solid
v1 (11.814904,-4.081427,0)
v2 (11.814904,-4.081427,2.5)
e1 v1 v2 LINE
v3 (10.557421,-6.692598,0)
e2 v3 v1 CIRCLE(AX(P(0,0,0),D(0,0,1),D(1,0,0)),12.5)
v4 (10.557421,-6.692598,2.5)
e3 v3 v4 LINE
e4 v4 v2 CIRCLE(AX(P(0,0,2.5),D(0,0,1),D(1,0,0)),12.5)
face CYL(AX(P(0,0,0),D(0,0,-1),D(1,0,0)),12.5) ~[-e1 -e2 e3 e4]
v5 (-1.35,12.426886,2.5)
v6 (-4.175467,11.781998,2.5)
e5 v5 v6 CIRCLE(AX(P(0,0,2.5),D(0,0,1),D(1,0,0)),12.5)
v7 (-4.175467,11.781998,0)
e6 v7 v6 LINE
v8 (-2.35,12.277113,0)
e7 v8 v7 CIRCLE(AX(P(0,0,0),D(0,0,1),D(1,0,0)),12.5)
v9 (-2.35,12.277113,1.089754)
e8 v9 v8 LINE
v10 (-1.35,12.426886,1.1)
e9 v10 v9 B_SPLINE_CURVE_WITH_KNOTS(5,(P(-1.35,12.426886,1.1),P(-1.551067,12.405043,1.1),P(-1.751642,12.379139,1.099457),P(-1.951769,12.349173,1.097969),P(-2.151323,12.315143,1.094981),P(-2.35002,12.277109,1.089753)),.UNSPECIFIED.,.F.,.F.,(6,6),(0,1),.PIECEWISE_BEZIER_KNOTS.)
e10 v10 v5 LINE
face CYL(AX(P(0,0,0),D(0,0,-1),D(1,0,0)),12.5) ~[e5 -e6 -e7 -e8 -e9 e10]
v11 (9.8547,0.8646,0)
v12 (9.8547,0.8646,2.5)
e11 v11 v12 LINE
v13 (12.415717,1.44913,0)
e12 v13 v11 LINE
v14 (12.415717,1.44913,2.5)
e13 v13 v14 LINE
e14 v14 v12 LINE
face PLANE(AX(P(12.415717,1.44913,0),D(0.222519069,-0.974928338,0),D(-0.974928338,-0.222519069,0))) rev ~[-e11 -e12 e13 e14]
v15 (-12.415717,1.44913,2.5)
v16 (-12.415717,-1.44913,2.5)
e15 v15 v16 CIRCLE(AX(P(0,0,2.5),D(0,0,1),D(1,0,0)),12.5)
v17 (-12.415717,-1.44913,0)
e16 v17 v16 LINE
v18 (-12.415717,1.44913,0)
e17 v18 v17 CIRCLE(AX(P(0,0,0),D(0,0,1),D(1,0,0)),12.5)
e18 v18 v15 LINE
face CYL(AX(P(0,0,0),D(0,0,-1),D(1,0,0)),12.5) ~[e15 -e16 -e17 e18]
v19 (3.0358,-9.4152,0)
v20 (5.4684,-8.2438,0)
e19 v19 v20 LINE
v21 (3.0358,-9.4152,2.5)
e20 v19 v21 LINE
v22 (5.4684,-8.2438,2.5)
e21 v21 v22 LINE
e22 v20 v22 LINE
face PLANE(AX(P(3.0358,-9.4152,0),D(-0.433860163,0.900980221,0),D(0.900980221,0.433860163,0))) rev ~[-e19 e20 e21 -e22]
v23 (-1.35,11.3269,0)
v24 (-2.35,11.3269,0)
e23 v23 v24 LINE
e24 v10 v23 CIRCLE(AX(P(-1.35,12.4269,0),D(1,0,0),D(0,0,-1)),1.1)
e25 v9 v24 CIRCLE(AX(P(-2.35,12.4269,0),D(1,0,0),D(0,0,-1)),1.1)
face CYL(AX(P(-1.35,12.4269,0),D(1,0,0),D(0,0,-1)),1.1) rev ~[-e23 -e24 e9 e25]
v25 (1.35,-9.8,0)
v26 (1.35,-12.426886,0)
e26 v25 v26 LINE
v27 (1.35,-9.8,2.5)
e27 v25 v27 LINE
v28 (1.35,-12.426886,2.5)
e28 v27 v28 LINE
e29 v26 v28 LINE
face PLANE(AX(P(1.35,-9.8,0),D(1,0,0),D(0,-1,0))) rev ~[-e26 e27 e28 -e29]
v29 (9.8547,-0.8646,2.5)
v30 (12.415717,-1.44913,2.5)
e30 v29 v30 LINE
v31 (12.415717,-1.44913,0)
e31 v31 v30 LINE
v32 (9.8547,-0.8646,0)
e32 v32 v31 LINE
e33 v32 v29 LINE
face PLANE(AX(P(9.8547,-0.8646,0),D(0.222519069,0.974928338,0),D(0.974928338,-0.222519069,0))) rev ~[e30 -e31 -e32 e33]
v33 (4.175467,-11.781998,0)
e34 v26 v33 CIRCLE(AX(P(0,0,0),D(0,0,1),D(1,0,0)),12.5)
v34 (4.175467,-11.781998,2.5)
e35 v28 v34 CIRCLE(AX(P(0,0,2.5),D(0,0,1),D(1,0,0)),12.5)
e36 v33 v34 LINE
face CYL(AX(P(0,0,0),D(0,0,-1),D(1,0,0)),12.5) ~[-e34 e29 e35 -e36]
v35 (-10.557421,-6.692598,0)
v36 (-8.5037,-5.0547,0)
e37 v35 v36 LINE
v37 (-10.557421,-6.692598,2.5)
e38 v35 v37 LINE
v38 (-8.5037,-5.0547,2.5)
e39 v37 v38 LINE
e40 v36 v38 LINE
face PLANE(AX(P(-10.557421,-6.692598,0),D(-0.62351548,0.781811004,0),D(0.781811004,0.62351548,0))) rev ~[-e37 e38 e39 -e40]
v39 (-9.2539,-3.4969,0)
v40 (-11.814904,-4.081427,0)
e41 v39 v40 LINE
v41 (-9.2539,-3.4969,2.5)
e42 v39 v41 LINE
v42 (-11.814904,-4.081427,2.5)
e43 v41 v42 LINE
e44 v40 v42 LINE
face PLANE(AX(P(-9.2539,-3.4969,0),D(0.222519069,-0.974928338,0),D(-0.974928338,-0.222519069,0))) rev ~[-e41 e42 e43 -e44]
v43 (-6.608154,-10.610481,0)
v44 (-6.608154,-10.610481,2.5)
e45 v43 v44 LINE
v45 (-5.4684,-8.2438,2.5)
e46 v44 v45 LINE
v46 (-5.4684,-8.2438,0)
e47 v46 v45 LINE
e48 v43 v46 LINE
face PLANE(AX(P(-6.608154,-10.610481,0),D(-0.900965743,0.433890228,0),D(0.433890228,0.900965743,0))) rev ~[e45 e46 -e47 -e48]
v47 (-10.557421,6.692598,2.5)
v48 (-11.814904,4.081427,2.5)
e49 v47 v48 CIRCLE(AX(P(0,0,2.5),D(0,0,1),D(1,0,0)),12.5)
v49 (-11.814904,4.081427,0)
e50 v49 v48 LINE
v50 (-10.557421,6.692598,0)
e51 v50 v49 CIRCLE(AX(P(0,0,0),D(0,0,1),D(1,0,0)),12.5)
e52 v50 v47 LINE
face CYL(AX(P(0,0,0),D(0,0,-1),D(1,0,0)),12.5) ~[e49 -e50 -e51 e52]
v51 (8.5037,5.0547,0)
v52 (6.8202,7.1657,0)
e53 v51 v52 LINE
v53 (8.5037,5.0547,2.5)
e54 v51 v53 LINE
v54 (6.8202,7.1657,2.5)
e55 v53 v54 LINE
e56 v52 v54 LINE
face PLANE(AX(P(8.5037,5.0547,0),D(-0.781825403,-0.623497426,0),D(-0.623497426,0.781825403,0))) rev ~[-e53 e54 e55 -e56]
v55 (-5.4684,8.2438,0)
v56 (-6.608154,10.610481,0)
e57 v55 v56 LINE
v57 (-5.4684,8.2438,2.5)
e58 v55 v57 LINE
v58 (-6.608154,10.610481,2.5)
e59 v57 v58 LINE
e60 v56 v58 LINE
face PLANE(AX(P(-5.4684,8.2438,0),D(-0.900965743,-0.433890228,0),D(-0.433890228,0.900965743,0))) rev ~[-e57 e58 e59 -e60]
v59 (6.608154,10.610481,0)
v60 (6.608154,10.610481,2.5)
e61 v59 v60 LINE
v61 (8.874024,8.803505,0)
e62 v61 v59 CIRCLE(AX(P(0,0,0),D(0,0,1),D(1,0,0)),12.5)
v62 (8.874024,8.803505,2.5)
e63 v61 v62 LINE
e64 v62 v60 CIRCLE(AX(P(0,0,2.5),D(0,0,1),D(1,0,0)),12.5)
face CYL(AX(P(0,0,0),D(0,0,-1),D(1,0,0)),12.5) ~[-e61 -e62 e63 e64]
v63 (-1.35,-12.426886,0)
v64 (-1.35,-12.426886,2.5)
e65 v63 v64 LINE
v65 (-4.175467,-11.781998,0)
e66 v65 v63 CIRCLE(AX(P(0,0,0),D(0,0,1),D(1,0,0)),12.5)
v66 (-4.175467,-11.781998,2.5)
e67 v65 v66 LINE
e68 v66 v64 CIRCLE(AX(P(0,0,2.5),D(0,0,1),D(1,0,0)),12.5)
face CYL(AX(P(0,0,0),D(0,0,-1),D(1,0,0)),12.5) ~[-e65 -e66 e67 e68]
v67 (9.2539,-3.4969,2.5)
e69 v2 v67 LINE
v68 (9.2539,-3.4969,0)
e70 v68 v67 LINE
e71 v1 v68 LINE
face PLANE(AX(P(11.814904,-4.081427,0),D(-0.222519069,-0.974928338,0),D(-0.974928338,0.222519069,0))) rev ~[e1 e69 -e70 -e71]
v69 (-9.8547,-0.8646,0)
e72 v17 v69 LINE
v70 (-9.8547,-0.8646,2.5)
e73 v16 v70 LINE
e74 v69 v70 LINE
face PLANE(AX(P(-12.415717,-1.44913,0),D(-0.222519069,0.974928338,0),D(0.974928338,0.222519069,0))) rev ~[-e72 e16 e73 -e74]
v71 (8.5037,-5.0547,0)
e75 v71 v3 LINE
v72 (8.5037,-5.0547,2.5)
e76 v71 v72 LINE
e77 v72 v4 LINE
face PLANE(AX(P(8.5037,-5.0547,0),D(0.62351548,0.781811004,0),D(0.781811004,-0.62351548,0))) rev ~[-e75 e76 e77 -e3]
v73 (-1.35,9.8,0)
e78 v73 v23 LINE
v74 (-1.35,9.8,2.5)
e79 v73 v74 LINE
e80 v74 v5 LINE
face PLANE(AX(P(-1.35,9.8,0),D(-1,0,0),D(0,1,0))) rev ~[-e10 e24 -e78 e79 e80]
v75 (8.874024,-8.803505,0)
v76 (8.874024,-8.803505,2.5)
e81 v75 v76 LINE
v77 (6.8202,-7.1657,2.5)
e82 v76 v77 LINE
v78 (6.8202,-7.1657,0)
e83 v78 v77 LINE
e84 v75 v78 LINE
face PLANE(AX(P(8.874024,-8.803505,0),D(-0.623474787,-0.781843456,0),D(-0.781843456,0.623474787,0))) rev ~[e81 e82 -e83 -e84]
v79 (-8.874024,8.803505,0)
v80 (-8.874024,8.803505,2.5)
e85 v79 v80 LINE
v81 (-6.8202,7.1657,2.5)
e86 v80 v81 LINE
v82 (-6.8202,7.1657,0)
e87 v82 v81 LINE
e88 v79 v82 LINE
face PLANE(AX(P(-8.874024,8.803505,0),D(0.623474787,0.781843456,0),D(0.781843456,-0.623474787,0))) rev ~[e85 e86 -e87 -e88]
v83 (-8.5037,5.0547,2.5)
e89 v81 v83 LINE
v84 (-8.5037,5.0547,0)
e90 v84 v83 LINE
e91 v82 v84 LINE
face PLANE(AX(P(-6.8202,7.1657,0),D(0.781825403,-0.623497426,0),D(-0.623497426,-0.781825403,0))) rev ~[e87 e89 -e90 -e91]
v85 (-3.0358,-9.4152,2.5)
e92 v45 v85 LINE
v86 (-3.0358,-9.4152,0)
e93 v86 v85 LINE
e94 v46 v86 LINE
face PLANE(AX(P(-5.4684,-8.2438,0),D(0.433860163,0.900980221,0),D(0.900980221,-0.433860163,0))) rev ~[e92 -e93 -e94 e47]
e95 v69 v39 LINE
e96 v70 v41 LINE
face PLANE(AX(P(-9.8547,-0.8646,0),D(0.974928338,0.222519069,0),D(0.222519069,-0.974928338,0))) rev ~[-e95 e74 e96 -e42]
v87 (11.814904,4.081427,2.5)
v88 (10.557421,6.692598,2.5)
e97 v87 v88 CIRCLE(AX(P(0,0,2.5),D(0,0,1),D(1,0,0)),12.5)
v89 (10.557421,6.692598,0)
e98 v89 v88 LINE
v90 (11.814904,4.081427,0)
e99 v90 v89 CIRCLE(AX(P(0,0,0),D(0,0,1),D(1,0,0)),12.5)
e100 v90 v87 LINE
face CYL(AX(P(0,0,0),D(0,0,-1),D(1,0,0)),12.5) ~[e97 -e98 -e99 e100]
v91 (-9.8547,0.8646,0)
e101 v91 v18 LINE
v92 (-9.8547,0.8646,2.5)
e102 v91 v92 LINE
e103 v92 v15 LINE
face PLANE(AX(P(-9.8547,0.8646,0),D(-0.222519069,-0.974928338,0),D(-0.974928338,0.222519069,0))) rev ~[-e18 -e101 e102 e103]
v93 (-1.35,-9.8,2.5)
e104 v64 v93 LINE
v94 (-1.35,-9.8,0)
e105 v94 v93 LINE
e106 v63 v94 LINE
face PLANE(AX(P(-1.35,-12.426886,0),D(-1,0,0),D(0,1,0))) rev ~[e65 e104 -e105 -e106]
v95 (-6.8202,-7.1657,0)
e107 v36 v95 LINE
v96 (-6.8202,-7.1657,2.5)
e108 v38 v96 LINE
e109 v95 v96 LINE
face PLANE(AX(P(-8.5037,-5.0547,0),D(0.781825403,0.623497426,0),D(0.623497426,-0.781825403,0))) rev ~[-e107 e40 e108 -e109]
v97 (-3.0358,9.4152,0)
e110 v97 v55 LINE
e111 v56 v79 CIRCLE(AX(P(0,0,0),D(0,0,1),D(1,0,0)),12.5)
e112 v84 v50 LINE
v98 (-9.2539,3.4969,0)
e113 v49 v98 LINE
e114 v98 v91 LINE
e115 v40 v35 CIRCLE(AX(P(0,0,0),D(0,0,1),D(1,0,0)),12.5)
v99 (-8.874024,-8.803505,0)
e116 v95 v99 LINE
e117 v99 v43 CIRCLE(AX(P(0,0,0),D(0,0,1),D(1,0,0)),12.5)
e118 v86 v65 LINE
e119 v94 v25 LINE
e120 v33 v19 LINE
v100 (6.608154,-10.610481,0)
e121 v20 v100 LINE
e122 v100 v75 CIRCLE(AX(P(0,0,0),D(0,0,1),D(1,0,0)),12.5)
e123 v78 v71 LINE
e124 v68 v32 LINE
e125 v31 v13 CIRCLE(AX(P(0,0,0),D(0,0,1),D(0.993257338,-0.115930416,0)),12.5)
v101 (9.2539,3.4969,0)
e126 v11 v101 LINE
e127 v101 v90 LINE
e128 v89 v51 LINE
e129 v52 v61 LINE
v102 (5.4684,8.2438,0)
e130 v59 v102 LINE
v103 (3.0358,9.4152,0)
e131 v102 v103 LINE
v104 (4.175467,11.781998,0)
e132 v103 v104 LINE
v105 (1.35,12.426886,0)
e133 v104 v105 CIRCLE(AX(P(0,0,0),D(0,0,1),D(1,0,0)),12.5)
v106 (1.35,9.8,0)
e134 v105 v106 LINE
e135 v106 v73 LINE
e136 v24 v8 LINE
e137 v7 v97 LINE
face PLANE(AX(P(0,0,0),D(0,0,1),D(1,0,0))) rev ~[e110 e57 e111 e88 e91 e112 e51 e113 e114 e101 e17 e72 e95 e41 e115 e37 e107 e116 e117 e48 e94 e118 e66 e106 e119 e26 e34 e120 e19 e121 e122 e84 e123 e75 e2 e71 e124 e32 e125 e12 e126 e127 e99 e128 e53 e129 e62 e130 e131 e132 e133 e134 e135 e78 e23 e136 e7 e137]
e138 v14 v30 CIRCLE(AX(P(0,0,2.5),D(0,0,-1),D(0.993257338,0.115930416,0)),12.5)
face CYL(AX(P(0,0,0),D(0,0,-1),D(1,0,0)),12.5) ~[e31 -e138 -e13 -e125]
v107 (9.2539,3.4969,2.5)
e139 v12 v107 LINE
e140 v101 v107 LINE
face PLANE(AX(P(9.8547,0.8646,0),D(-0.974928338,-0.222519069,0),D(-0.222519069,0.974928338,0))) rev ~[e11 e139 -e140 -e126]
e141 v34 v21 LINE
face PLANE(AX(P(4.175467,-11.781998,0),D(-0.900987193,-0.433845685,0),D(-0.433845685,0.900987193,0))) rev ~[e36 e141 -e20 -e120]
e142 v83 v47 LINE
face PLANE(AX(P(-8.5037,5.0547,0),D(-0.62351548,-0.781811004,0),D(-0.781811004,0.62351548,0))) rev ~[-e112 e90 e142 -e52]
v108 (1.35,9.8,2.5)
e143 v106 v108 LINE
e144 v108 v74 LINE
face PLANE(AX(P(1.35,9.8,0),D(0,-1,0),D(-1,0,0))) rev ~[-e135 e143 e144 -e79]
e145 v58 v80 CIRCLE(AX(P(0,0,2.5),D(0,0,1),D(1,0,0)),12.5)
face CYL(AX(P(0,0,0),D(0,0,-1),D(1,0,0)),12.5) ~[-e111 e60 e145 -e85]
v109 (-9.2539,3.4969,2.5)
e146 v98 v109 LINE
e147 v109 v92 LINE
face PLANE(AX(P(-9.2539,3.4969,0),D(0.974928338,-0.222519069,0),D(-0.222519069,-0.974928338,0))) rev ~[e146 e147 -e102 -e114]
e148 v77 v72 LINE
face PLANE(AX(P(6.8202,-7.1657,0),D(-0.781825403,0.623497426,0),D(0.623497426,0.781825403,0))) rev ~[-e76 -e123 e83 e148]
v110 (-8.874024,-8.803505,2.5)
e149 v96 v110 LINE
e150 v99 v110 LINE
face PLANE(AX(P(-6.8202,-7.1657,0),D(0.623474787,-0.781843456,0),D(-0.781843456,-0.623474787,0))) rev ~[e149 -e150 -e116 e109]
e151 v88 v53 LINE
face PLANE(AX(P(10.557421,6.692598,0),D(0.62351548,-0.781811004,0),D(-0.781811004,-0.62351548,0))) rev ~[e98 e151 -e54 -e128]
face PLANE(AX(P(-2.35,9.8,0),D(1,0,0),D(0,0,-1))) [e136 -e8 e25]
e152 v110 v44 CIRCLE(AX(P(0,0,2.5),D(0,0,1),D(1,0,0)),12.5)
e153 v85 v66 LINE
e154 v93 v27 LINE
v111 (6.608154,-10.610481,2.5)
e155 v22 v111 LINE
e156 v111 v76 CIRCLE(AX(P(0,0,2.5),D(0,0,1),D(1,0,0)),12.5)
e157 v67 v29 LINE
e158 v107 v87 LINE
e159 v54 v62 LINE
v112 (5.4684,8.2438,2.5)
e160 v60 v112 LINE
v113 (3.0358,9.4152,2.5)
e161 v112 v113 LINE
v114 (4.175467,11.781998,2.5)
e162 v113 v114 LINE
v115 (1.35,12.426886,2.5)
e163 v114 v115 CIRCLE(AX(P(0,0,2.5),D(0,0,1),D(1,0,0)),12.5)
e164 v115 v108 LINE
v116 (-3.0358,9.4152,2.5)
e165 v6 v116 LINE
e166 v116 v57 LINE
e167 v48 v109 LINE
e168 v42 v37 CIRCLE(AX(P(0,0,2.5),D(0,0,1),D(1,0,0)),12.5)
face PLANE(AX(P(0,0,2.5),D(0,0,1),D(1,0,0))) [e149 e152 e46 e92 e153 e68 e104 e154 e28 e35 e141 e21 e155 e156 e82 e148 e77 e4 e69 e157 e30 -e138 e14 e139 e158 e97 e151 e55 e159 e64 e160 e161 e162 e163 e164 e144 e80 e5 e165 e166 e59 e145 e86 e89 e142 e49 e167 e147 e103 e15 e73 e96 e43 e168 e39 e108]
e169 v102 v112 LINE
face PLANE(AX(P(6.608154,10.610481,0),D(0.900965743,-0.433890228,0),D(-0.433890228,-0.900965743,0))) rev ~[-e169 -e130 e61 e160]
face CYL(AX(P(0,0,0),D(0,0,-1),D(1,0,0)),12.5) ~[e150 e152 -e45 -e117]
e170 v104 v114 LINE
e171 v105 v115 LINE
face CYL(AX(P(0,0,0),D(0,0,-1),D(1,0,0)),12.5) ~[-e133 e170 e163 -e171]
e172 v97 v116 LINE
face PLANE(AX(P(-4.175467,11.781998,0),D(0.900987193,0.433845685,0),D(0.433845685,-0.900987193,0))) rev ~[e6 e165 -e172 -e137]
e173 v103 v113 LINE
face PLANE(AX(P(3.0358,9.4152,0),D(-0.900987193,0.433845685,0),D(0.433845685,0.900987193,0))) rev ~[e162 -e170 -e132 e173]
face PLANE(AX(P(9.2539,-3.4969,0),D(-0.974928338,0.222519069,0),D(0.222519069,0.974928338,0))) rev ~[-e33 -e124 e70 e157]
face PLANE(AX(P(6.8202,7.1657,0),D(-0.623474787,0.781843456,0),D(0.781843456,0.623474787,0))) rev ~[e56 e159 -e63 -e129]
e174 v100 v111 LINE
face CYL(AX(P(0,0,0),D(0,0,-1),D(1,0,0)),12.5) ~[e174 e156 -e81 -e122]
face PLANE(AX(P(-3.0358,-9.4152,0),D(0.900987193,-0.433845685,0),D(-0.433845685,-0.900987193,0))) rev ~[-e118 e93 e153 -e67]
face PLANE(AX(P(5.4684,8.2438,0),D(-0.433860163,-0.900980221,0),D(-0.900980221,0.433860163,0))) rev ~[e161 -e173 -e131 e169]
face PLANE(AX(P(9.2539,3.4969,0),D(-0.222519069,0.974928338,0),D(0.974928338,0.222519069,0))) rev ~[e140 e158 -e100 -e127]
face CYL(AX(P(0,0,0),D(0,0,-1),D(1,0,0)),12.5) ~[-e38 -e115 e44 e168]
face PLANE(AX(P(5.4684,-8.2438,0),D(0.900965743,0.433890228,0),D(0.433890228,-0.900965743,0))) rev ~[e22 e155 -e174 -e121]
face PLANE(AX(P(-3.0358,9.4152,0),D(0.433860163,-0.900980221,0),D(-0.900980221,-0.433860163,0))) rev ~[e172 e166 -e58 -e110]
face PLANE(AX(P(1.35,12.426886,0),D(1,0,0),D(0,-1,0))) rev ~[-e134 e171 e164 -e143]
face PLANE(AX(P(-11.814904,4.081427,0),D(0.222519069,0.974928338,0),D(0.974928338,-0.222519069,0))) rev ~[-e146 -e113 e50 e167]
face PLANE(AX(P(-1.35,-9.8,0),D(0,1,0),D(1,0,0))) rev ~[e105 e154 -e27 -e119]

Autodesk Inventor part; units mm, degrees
ref_plane "YZ Plane" through (0, 0, 0) normal (1, 0, 0) x (0, 1, 0)
ref_plane "XZ Plane" through (0, 0, 0) normal (0, 1, 0) x (-1, 0, 0)
ref_plane "XY Plane" through (0, 0, 0) normal (0, 0, 1) x (1, 0, 0)
sketch "スケッチ1" plane through (0, 0, 0) normal (0, 0, 1) x (1, 0, 0)
  circle A0 centre (0, 0) radius 12.5
  line L0 (-1.35, 12.5) -> (1.35, 12.5) construction
  line L1 (1.35, 12.5) -> (1.35, 9.8)
  line L2 (1.35, 9.8) -> (-1.35, 9.8)
  line L3 (-1.35, 9.8) -> (-1.35, 12.5)
  line L4 (-5.4684, 8.2438) -> (-6.6399, 10.6764)
  line L5 (-4.2072, 11.8479) -> (-3.0358, 9.4152)
  line L6 (-3.0358, 9.4152) -> (-5.4684, 8.2438)
  line L7 (-8.5037, 5.0547) -> (-10.6146, 6.7382)
  line L8 (-8.9312, 8.8491) -> (-6.8202, 7.1657)
  line L9 (-6.8202, 7.1657) -> (-8.5037, 5.0547)
  line L10 (-9.8547, 0.8646) -> (-12.487, 1.4654)
  line L11 (-11.8862, 4.0977) -> (-9.2539, 3.4969)
  line L12 (-9.2539, 3.4969) -> (-9.8547, 0.8646)
  line L13 (-9.2539, -3.4969) -> (-11.8862, -4.0977)
  line L14 (-12.487, -1.4654) -> (-9.8547, -0.8646)
  line L15 (-9.8547, -0.8646) -> (-9.2539, -3.4969)
  line L16 (-6.8202, -7.1657) -> (-8.9312, -8.8491)
  line L17 (-10.6146, -6.7382) -> (-8.5037, -5.0547)
  line L18 (-8.5037, -5.0547) -> (-6.8202, -7.1657)
  line L19 (-3.0358, -9.4152) -> (-4.2072, -11.8479)
  line L20 (-6.6399, -10.6764) -> (-5.4684, -8.2438)
  line L21 (-5.4684, -8.2438) -> (-3.0358, -9.4152)
  line L22 (1.35, -9.8) -> (1.35, -12.5)
  line L23 (-1.35, -12.5) -> (-1.35, -9.8)
  line L24 (-1.35, -9.8) -> (1.35, -9.8)
  line L25 (5.4684, -8.2438) -> (6.6399, -10.6764)
  line L26 (4.2072, -11.8479) -> (3.0358, -9.4152)
  line L27 (3.0358, -9.4152) -> (5.4684, -8.2438)
  line L28 (8.5037, -5.0547) -> (10.6146, -6.7382)
  line L29 (8.9312, -8.8491) -> (6.8202, -7.1657)
  line L30 (6.8202, -7.1657) -> (8.5037, -5.0547)
  line L31 (9.8547, -0.8646) -> (12.487, -1.4654)
  line L32 (11.8862, -4.0977) -> (9.2539, -3.4969)
  line L33 (9.2539, -3.4969) -> (9.8547, -0.8646)
  line L34 (9.2539, 3.4969) -> (11.8862, 4.0977)
  line L35 (12.487, 1.4654) -> (9.8547, 0.8646)
  line L36 (9.8547, 0.8646) -> (9.2539, 3.4969)
  line L37 (6.8202, 7.1657) -> (8.9312, 8.8491)
  line L38 (10.6146, 6.7382) -> (8.5037, 5.0547)
  line L39 (8.5037, 5.0547) -> (6.8202, 7.1657)
  line L40 (3.0358, 9.4152) -> (4.2072, 11.8479)
  line L41 (6.6399, 10.6764) -> (5.4684, 8.2438)
  line L42 (5.4684, 8.2438) -> (3.0358, 9.4152)
  point P0 (0, 12.5)
  point P1 (-1.35, 12.4269)
  point P2 (-4.1755, 11.782)
  point P3 (-6.6081, 10.6105)
  point P4 (-8.874, 8.8035)
  point P5 (-10.5574, 6.6926)
  point P6 (-11.8149, 4.0814)
  point P7 (-12.4157, 1.4491)
  point P8 (-12.4157, -1.4491)
  point P9 (-11.8149, -4.0814)
  point P10 (-10.5574, -6.6926)
  point P11 (-8.874, -8.8035)
  point P12 (-6.6081, -10.6105)
  point P13 (-4.1755, -11.782)
  point P14 (-1.35, -12.4269)
  point P15 (1.35, -12.4269)
  point P16 (4.1755, -11.782)
  point P17 (6.6081, -10.6105)
  point P18 (8.874, -8.8035)
  point P19 (10.5574, -6.6926)
  point P20 (11.8149, -4.0814)
  point P21 (12.4157, -1.4491)
  point P22 (12.4157, 1.4491)
  point P23 (11.8149, 4.0814)
  point P24 (1.35, 12.4269)
  point P25 (10.5574, 6.6926)
  point P26 (8.874, 8.8035)
  point P27 (6.6081, 10.6105)
  point P28 (4.1755, 11.782)
  dimension "d0" = 25
  dimension "d3" = 2.7
  dimension "d4" = 2.7
  dimension "d7" = 360
extrude "押し出し2" add sketch "スケッチ1" along normal blind 2.5 contours A0 L31 L33 L32 L28 L30 L29 L25 L27 L26 L22 L24 L23 L19 L21 L20 L16 L18 L17 L13 L15 L14 L10 L12 L11 L7 L9 L8 L4 L6 L5 L3 L2 L1 L40 L42 L41 L37 L39 L38 L34 L36 L35
sketch "スケッチ2" plane through (-1.35, 9.8, 0) normal (1, 0, 0) x (0, 0, -1)
  line L0 (0, 0) -> (0, 2.6269) projected
  circle A0 centre (0, 2.6269) radius 1.1
  point P0 (0, -9.8)
  dimension "d11" = 2.2
extrude "押し出し3" cut sketch "スケッチ2" against normal blind 1
properties part number "frame"
